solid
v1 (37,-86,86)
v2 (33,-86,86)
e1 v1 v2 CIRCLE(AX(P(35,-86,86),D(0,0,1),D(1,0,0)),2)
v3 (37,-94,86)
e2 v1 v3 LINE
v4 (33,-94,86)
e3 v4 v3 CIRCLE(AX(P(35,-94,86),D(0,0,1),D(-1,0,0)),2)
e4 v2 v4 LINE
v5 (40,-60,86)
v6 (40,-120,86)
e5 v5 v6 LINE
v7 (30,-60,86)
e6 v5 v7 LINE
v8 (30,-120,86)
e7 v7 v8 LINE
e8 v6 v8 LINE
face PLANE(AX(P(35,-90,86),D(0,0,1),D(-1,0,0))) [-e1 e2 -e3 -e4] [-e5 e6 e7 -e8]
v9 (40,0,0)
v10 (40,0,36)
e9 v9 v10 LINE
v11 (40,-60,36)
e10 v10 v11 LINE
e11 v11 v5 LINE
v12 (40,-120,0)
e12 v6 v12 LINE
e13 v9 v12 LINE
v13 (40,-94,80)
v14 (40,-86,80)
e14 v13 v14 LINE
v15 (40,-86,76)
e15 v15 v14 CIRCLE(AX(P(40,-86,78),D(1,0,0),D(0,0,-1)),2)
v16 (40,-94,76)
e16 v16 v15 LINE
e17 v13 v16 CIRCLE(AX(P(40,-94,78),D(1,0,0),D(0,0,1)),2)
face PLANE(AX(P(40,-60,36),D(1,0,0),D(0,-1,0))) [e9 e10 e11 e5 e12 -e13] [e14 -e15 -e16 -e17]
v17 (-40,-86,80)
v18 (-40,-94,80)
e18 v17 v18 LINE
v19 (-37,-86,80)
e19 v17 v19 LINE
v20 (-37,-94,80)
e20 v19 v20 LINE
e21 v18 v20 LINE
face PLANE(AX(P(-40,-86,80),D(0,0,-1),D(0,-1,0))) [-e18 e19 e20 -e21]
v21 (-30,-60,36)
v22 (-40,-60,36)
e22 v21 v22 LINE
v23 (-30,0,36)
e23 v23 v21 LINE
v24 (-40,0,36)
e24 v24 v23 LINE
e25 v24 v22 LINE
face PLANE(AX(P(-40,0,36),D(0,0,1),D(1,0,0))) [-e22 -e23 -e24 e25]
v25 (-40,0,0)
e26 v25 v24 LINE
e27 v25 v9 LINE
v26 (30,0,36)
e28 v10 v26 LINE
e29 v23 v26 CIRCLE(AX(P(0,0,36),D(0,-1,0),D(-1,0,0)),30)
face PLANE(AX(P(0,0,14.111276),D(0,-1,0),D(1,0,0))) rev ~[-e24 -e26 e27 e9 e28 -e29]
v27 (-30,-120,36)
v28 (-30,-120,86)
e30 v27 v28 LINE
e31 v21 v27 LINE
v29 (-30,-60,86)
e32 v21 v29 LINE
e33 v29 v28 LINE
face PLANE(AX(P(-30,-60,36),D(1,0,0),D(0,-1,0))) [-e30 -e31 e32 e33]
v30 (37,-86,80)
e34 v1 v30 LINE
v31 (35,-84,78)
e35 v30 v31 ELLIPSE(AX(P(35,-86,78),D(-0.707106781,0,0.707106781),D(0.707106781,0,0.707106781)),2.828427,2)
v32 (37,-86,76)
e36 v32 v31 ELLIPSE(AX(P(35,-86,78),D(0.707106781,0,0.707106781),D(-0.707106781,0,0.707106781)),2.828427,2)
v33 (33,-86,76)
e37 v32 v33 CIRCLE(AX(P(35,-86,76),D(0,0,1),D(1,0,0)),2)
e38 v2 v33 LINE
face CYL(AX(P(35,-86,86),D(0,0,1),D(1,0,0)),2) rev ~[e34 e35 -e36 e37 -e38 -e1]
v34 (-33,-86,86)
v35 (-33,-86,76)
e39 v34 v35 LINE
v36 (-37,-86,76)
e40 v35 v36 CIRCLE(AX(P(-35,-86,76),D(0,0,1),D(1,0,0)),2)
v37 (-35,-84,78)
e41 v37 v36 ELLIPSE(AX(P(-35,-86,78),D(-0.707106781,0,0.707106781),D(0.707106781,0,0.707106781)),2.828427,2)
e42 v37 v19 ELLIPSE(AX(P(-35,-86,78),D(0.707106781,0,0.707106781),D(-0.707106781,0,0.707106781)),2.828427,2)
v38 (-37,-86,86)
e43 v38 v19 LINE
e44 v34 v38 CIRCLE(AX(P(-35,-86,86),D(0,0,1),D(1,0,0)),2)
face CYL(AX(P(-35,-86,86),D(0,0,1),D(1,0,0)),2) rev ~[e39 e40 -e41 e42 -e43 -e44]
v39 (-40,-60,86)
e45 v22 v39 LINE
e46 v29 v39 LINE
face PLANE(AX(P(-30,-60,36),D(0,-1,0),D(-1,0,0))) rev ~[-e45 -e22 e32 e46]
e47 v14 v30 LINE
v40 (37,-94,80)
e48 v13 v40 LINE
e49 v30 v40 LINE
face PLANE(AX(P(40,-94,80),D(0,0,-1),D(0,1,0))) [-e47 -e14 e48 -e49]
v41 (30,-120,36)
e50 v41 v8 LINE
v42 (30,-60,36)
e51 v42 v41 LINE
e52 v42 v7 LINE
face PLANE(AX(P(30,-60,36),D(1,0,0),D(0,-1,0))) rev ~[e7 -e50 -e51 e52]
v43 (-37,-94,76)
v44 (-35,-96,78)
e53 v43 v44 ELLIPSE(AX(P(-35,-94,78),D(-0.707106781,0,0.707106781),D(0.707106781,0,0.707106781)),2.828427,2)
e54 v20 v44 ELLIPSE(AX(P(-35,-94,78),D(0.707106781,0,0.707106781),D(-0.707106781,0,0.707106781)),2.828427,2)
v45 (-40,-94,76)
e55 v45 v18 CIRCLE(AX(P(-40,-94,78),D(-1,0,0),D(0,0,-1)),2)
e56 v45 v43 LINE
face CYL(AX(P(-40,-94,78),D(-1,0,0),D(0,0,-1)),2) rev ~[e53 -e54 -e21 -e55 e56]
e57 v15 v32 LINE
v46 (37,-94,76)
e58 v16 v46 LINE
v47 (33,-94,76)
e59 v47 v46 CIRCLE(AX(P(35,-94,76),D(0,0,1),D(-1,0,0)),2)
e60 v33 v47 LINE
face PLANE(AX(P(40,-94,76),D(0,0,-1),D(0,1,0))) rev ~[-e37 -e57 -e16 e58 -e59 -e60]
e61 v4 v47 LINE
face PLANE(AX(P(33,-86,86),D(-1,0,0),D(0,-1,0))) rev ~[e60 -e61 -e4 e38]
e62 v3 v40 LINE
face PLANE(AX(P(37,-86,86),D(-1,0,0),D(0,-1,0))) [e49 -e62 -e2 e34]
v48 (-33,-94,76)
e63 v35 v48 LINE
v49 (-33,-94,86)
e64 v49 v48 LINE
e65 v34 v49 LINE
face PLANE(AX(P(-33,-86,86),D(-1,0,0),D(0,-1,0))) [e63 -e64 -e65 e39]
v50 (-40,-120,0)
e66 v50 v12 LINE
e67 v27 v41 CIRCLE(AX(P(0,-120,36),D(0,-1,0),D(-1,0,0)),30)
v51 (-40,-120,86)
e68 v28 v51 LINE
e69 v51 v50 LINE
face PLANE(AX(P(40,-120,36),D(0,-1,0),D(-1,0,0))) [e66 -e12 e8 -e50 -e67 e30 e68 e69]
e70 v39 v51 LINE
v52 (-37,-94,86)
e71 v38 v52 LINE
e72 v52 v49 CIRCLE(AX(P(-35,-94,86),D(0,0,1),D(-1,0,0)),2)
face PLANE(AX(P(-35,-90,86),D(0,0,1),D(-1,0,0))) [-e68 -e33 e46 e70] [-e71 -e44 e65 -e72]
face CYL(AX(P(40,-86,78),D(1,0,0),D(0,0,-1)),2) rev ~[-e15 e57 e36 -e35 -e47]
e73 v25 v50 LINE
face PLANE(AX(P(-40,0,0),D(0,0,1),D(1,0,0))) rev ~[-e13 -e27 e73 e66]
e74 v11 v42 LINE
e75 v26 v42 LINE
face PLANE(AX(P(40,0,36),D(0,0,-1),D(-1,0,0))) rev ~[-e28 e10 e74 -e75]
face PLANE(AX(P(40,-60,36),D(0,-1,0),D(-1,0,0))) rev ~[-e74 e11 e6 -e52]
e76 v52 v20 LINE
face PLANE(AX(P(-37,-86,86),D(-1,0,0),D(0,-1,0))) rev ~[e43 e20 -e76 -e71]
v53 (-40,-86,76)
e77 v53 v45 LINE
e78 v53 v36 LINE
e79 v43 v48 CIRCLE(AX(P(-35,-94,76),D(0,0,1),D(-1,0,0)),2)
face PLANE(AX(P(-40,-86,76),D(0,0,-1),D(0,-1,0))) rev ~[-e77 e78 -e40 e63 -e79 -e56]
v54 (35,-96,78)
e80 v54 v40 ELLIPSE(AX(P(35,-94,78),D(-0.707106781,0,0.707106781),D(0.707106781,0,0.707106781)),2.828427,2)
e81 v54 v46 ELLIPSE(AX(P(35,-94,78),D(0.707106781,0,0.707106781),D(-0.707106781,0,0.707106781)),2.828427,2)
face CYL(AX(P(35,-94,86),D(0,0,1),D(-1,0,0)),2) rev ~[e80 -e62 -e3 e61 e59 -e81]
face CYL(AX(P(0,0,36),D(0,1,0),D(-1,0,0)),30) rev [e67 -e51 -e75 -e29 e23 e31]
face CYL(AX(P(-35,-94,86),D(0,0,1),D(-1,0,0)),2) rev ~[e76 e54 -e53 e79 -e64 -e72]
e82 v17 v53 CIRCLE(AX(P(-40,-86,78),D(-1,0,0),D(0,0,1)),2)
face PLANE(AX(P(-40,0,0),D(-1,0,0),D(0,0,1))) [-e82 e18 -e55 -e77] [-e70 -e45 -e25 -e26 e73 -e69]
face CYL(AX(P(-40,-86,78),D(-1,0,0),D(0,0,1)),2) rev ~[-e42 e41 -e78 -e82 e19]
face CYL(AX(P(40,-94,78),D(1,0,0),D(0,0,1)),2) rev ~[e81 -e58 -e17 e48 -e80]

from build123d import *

# Parameters (mm, degrees)
PAD_DEPTH       = 120
SKETCH001_W     = 10
SKETCH001_H     = 60
PAD001_DEPTH    = 50
POCKET_DEPTH    = 10
POCKET001_DEPTH = 5
POCKET002_DEPTH = 5


with BuildPart() as part:
    # Sketch → Pad (new body)
    with BuildSketch(Plane.XZ):
        with BuildLine():
            Line((-40, 0), (40, 0))
            Line((40, 0), (40, 36))
            Line((40, 36), (30, 36))
            ThreePointArc((-30, 36), (0, 6), (30, 36))
            Line((-40, 36), (-30, 36))
            Line((-40, 0), (-40, 36))
        make_face()
    extrude(amount=PAD_DEPTH)

    # Sketch001 (on Face5 of Pad) → Pad001 (join)
    with BuildSketch(Plane(origin=(0, 0, 36), x_dir=(-1, 0, 0), z_dir=(0, 0, 1))):
        with Locations((-35, 90)):
            Rectangle(SKETCH001_W, SKETCH001_H)
        with Locations((35, 90)):
            Rectangle(SKETCH001_W, SKETCH001_H)
    extrude(amount=PAD001_DEPTH)

    # Sketch002 (on Face14 of Pad001) → Pocket (cut)
    with BuildSketch(Plane(origin=(0, 0, 86), x_dir=(-1, 0, 0), z_dir=(0, 0, 1))):
        with BuildLine():
            ThreePointArc((33, 86), (35, 84), (37, 86))
            Line((37, 86), (37, 94))
            ThreePointArc((37, 94), (35, 96), (33, 94))
            Line((33, 86), (33, 94))
        make_face()
        with BuildLine():
            ThreePointArc((-37, 86), (-35, 84), (-33, 86))
            Line((-33, 86), (-33, 94))
            ThreePointArc((-33, 94), (-35, 96), (-37, 94))
            Line((-37, 86), (-37, 94))
        make_face()
    extrude(amount=-POCKET_DEPTH, mode=Mode.SUBTRACT)

    # Sketch003 (on Face7 of Pocket) → Pocket001 (cut)
    with BuildSketch(Plane(origin=(-40, 0, 0), x_dir=(0, 0, -1), z_dir=(-1, 0, 0))):
        with BuildLine():
            ThreePointArc((-80, 86), (-78, 84), (-76, 86))
            Line((-76, 86), (-76, 94))
            ThreePointArc((-76, 94), (-78, 96), (-80, 94))
            Line((-80, 86), (-80, 94))
        make_face()
    extrude(amount=-POCKET001_DEPTH, mode=Mode.SUBTRACT)

    # Sketch004 (on Face9 of Pocket001) → Pocket002 (cut)
    with BuildSketch(Plane(origin=(40, 0, 0), x_dir=(0, 0, 1), z_dir=(1, 0, 0))):
        with BuildLine():
            ThreePointArc((80, 94), (78, 96), (76, 94))
            Line((76, 94), (76, 86))
            ThreePointArc((76, 86), (78, 84), (80, 86))
            Line((80, 94), (80, 86))
        make_face()
    extrude(amount=-POCKET002_DEPTH, mode=Mode.SUBTRACT)


solid = part.part
